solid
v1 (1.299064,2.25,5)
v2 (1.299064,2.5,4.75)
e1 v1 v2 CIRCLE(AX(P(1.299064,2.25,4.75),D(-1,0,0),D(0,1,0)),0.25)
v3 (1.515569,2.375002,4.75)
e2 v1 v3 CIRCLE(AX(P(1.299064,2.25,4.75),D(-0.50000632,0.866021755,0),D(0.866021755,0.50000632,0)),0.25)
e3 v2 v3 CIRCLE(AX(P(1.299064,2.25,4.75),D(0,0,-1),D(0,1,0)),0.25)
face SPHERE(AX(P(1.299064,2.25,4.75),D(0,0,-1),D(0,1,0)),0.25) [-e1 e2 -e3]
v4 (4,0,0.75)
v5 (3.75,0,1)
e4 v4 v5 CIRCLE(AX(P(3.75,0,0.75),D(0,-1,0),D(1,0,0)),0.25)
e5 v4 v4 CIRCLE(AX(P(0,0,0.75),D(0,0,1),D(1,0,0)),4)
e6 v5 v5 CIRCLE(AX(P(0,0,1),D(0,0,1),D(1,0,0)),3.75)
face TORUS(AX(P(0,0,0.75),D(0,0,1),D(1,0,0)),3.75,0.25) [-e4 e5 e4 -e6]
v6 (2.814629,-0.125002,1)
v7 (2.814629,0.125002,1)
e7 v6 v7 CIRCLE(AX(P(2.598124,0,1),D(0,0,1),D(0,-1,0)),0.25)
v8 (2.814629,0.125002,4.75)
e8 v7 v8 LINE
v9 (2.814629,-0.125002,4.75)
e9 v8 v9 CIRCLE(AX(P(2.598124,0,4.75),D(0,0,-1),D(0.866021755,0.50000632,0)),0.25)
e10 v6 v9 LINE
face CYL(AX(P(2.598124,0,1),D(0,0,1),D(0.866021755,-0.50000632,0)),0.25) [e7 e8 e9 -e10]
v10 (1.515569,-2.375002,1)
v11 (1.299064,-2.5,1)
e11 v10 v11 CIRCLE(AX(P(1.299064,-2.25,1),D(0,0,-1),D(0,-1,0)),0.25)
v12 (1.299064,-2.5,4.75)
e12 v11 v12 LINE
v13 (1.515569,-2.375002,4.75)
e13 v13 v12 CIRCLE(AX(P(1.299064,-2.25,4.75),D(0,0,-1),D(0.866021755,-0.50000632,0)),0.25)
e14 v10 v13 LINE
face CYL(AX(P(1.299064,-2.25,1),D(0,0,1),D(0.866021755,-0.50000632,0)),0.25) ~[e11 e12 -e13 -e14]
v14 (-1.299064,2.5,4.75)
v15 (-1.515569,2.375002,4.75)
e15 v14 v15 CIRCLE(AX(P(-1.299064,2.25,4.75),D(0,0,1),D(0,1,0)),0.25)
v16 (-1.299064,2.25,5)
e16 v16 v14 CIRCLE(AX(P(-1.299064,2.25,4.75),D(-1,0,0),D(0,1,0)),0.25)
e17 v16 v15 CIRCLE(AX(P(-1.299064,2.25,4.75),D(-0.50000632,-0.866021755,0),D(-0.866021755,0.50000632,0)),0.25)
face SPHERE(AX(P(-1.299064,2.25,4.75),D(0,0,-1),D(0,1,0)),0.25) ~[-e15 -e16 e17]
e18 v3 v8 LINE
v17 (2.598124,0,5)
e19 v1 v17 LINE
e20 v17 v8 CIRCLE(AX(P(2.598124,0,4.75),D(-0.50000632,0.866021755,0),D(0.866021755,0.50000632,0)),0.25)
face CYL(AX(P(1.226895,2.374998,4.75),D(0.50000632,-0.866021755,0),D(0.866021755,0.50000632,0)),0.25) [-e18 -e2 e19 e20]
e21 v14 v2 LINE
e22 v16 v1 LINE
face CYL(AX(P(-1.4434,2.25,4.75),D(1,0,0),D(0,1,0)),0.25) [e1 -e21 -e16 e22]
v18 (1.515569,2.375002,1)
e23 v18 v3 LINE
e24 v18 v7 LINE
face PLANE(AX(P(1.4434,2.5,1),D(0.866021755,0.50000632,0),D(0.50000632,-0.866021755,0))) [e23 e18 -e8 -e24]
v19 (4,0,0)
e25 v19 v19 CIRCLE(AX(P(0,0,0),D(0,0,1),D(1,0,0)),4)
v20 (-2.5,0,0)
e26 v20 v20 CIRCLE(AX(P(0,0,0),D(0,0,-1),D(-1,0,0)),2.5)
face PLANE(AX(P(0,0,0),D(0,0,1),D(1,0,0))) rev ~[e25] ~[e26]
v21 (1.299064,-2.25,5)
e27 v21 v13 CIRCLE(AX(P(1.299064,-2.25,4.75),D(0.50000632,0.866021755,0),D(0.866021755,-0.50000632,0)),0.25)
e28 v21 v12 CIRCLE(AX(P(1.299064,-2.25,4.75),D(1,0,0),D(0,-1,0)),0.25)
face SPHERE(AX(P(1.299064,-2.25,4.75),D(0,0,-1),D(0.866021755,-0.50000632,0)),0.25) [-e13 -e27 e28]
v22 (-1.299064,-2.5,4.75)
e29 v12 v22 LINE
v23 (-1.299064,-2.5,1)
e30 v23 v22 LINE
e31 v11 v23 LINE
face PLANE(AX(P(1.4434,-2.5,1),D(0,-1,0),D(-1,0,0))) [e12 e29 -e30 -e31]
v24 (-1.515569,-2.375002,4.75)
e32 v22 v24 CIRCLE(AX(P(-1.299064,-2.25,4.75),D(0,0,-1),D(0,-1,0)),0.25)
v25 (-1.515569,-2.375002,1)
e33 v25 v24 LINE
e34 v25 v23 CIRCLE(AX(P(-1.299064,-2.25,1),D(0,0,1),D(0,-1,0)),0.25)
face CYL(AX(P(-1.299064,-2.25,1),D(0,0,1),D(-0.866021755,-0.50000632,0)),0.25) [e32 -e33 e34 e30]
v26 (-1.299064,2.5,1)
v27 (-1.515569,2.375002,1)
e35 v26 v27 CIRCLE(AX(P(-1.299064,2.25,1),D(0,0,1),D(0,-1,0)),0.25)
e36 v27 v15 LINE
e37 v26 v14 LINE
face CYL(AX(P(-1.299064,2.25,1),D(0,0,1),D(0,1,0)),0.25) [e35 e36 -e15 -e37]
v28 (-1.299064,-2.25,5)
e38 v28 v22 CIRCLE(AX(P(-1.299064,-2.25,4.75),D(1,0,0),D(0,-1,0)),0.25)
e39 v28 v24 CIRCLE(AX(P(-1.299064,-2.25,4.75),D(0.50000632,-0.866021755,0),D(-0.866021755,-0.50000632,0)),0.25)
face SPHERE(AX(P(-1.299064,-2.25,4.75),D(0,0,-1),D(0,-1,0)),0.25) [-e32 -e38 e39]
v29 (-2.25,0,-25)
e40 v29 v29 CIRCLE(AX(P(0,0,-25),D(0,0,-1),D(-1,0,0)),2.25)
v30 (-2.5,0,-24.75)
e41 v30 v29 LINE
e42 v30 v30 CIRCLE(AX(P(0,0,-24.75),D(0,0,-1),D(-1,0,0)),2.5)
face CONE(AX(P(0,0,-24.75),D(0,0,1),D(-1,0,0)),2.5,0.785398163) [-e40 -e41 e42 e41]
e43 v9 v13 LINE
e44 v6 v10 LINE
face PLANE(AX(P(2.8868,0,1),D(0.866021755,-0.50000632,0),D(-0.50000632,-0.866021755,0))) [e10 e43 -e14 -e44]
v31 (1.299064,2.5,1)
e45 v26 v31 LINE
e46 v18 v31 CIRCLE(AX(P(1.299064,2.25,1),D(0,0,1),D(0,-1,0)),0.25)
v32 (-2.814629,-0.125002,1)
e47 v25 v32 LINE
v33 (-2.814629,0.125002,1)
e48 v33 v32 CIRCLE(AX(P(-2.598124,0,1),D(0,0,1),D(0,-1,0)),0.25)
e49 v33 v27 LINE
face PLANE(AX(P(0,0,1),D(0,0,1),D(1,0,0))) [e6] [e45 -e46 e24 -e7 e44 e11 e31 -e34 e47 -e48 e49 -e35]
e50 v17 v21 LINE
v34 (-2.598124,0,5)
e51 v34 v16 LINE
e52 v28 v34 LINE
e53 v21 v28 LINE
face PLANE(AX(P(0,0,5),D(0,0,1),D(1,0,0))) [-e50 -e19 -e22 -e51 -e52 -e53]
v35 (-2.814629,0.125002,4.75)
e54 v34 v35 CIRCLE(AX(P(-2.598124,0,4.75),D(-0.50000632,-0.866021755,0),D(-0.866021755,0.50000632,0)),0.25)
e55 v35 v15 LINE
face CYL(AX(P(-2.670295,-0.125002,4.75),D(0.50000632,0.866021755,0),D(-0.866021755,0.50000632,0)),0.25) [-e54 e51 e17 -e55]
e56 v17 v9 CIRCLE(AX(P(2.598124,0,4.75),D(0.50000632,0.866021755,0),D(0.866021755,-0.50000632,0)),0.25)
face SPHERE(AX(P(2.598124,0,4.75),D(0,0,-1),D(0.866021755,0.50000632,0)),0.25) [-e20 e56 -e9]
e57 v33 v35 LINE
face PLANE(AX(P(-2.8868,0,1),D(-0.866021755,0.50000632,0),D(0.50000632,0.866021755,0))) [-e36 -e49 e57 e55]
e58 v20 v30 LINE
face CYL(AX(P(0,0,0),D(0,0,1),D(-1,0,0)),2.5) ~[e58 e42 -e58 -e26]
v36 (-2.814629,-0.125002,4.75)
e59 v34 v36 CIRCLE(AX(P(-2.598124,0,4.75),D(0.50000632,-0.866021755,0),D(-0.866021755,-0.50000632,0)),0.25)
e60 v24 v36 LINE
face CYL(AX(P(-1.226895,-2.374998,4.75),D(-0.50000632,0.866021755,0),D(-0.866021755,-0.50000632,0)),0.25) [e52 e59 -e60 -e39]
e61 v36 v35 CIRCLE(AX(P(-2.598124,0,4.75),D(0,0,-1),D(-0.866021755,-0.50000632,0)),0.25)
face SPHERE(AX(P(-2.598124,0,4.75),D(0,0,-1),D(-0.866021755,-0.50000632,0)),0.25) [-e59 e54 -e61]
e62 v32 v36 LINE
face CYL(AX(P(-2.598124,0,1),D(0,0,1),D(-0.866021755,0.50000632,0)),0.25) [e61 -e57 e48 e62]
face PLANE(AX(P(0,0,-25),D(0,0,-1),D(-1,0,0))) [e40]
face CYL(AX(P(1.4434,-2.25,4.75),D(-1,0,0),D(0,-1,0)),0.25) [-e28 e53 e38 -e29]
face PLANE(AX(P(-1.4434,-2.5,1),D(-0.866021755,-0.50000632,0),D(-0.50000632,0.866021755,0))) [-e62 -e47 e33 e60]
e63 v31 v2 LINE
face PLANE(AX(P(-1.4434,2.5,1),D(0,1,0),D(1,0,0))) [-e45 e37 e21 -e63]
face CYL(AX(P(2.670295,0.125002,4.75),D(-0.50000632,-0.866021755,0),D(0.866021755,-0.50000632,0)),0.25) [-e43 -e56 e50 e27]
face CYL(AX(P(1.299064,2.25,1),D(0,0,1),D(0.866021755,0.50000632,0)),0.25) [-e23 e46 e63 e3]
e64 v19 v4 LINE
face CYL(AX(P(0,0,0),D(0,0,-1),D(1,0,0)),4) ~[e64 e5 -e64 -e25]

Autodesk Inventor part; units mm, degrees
ref_plane "YZ Plane" through (0, 0, 0) normal (1, 0, 0) x (0, 1, 0)
ref_plane "XZ Plane" through (0, 0, 0) normal (0, 1, 0) x (-1, 0, 0)
ref_plane "XY Plane" through (0, 0, 0) normal (0, 0, 1) x (1, 0, 0)
sketch "草图1" plane through (0, 0, 0) normal (0, 0, 1) x (1, 0, 0)
  circle A0 centre (0, 0) radius 4
  dimension "d0" = 8
extrude "拉伸1" add sketch "草图1" along normal blind 1
sketch "草图2" plane through (0, 0, 1) normal (0, 0, 1) x (1, 0, 0)
  line L0 (1.4434, -2.5) -> (-1.4434, -2.5)
  line L1 (-1.4434, -2.5) -> (-2.8868, 0)
  line L2 (-2.8868, 0) -> (-1.4434, 2.5)
  line L3 (-1.4434, 2.5) -> (1.4434, 2.5)
  line L4 (1.4434, 2.5) -> (2.8868, 0)
  line L5 (2.8868, 0) -> (1.4434, -2.5)
  line L6 (0, 0) -> (0, 1.5067)
  point P0 (0, 2.5)
  dimension "d3" = 1.5067
  dimension "d4" = 5
extrude "拉伸2" add sketch "草图2" along normal blind 4
sketch "草图3" plane through (0, 0, 0) normal (0, 0, -1) x (-1, 0, 0)
  circle A0 centre (0, 0) radius 2.5
  dimension "d7" = 5
extrude "拉伸3" add sketch "草图3" along normal blind 25
thread "螺纹1" size "M5x0.8" class "6g" standard "ANSI Metric M Profile" length 6
chamfer "倒角1" distance 0.25 angle 45 1 edges at (2.5, 0, -25)
fillet "圆角1" radius 0.25 13 edges at (-4, 0, 1) (0, 2.5, 5) (2.1651, 1.25, 5) (2.1651, -1.25, 5) (0, -2.5, 5) (-2.1651, -1.25, 5) (-2.1651, 1.25, 5) (1.4434, 2.5, 3) (2.8868, 0, 3) (1.4434, -2.5, 3) (-1.4434, -2.5, 3) (-2.8868, 0, 3) (-1.4434, 2.5, 3)
properties part number "刀夹片紧固螺丝"
